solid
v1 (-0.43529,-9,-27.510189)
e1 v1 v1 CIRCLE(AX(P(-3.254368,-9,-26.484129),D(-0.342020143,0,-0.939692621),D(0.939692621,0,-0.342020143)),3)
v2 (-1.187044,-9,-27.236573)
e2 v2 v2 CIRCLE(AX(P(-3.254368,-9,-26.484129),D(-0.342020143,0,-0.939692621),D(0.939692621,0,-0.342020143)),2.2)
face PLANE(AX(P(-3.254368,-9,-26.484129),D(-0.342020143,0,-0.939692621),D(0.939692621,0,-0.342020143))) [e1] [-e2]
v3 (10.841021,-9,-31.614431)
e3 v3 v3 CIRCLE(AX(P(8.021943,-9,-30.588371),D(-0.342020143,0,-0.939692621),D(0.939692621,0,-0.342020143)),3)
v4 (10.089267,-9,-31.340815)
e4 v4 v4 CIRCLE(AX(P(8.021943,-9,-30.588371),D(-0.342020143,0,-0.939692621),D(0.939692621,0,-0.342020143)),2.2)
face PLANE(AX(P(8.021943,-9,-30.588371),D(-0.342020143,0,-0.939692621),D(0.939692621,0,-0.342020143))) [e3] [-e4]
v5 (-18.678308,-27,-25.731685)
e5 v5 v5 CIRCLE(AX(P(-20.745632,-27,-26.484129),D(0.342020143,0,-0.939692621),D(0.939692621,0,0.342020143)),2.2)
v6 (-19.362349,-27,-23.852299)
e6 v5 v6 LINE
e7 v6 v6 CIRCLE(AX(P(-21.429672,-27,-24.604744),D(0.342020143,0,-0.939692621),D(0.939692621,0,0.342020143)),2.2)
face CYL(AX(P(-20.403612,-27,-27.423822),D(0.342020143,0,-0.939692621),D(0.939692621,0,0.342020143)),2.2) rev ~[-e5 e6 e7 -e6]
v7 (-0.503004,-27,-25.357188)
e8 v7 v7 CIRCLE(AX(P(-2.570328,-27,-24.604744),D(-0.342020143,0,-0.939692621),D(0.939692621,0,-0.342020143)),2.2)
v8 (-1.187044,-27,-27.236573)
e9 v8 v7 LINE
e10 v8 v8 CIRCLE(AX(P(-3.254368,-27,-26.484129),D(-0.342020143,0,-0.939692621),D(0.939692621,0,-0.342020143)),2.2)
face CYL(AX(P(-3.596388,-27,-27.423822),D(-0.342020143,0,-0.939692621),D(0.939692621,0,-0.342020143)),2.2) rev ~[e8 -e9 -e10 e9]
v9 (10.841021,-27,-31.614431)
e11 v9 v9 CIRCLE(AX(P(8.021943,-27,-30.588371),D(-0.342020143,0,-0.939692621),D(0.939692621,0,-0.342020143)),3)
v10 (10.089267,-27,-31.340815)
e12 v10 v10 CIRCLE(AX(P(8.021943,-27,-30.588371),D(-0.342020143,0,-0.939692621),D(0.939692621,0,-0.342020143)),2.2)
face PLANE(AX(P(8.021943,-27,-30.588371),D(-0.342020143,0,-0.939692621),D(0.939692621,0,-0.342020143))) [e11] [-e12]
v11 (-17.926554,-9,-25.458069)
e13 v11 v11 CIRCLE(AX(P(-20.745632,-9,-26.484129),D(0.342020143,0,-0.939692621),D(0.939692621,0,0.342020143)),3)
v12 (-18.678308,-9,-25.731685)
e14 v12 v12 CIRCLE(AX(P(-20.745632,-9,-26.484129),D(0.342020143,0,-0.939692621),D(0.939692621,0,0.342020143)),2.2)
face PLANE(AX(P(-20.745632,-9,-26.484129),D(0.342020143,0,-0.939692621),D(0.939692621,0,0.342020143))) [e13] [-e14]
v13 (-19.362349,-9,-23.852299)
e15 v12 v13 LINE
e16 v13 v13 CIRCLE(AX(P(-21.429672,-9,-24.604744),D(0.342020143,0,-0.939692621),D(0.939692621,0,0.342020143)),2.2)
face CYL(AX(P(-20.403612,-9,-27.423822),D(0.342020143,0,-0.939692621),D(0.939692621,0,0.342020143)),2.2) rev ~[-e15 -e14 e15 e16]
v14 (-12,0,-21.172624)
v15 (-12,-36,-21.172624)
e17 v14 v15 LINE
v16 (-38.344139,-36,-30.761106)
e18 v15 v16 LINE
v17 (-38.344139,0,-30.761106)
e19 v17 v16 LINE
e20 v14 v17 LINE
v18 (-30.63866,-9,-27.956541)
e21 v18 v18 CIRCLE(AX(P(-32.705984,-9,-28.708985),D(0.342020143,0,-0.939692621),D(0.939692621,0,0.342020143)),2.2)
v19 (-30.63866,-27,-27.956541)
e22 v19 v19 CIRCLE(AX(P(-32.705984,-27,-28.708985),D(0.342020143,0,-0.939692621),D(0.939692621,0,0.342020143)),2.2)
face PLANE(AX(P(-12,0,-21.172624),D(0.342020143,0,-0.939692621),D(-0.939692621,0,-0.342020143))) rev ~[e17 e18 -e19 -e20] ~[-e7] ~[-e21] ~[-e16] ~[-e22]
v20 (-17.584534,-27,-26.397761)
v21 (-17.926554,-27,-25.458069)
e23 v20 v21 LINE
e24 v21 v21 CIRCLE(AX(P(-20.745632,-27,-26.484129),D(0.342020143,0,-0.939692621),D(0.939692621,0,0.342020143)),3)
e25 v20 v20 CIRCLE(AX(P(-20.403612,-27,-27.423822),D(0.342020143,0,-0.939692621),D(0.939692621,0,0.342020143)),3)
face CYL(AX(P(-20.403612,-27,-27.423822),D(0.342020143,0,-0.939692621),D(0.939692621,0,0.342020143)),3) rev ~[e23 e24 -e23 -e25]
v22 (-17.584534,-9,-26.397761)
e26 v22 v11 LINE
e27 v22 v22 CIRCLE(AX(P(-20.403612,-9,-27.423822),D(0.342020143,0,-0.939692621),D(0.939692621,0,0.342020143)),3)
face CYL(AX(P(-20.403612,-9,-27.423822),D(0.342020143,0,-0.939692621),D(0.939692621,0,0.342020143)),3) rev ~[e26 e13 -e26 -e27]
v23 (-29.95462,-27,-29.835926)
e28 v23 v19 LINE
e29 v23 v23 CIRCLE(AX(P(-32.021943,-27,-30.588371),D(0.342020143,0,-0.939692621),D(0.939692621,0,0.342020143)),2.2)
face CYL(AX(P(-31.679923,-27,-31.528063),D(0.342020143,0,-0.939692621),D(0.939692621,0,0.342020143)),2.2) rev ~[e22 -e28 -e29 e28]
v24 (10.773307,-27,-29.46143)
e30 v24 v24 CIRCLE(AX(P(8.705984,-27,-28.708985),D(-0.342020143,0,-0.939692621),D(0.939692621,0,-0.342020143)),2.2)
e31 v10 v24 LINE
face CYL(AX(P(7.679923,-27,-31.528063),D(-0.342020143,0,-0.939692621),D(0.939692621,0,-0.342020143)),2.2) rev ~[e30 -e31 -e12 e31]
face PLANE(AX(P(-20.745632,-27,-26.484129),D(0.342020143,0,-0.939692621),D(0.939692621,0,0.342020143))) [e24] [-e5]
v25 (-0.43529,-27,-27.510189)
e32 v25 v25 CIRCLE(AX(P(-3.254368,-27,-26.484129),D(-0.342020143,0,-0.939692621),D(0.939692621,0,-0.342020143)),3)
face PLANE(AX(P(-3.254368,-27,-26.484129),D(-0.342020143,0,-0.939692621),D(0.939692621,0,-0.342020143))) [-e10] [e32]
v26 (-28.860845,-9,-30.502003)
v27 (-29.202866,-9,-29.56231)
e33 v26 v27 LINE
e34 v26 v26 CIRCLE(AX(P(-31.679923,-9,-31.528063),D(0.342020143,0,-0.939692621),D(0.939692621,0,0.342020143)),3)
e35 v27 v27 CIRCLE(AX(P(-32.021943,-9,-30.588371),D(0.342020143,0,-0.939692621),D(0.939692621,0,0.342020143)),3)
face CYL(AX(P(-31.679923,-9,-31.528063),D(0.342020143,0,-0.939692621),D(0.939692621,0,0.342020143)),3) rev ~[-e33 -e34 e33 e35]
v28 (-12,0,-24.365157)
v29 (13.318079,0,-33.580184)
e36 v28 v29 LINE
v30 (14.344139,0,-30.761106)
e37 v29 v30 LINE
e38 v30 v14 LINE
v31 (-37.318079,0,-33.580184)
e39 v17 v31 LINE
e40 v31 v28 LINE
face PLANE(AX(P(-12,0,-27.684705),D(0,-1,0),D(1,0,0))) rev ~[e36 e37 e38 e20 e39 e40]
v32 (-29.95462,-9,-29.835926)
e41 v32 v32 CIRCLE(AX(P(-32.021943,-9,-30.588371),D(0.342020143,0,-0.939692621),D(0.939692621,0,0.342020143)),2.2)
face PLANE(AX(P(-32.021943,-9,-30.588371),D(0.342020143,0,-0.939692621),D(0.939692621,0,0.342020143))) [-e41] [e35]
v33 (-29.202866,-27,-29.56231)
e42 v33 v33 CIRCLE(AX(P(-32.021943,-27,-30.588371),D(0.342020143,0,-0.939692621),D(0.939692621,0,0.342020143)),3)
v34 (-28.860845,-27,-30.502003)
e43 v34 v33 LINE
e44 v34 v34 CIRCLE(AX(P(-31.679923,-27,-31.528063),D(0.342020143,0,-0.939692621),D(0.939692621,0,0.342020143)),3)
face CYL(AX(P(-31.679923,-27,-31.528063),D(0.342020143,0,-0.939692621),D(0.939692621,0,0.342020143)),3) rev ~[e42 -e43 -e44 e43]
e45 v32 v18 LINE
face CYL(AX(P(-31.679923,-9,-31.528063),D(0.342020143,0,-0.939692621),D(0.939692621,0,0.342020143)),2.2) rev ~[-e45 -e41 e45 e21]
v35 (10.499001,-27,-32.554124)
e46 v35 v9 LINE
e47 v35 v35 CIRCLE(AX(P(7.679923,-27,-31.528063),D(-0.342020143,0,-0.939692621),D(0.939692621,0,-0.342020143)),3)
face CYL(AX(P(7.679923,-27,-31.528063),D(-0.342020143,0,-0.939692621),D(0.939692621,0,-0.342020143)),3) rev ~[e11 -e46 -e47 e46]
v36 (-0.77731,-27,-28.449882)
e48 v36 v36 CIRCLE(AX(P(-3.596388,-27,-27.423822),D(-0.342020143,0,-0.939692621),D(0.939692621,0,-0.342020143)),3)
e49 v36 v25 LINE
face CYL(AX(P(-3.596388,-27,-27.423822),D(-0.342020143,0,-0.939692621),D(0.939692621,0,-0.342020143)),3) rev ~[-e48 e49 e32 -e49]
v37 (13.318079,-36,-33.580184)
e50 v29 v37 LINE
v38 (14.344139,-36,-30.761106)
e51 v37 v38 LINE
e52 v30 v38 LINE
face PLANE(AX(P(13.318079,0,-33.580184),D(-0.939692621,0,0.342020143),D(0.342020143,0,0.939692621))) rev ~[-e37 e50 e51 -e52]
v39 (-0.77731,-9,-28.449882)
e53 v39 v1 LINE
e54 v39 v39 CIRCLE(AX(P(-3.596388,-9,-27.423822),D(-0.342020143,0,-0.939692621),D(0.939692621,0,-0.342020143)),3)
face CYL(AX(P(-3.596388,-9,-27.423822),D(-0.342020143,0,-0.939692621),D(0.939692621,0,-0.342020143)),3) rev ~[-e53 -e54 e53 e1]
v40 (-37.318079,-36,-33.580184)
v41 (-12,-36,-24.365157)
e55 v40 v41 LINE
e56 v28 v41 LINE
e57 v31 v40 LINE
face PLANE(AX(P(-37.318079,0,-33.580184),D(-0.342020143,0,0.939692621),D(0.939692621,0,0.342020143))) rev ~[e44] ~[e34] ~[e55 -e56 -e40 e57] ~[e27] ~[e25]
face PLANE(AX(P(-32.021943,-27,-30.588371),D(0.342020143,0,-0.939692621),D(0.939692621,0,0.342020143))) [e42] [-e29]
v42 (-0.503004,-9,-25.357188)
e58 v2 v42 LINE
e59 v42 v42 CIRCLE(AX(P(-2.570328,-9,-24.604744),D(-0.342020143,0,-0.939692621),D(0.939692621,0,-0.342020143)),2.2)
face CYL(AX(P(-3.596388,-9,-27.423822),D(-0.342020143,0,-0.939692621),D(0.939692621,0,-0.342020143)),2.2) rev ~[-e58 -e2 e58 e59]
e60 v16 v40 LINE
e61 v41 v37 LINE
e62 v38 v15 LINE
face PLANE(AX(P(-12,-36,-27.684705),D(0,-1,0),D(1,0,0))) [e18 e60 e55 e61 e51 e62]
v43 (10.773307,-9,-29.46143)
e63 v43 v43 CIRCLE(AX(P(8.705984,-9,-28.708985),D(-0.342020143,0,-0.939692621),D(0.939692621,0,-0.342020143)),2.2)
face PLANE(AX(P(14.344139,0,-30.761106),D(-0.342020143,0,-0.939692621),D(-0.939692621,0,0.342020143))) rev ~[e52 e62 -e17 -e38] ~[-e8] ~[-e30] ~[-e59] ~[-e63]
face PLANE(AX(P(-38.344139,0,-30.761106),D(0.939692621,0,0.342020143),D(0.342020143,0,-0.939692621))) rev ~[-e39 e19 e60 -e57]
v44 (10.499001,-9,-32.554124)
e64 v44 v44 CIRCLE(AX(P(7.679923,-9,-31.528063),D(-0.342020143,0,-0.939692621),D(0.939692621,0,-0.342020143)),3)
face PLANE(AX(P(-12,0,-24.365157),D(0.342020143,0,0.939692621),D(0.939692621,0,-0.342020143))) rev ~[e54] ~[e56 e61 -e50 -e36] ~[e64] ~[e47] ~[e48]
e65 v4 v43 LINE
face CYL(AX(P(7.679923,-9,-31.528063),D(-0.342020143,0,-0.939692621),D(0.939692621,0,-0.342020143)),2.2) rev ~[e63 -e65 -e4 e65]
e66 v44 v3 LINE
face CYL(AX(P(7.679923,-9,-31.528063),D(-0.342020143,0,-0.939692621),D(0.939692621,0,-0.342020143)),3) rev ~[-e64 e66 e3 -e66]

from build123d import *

# Parameters (mm, degrees)
F1_DEPTH = 36
F2_R     = 2.2
F3_DEPTH = 12.0112263536
F2_R_2   = 3
F4_DEPTH = 1
F5_R     = 2.2
F6_DEPTH = 12.0112263536
F5_R_2   = 3
F7_DEPTH = 1


with BuildPart() as f1:
    # F0 (on Front) → F1 (new body)
    with BuildSketch(Plane.XZ):
        Polygon((-12, -21.1726237282), (-38.344139459, -30.7611063387), (-37.3180790291, -33.580184201), (-12, -24.3651570457), (13.3180790291, -33.580184201), (14.344139459, -30.7611063387), align=None)
    extrude(amount=F1_DEPTH)

    # F2 (on face) → F3 (cut, through all)
    with BuildSketch(Plane(origin=(6.4270771872, 0, -17.658249445), x_dir=(0.9396926208, 0, 0.3420201433), z_dir=(0.3420201433, 0, -0.9396926208))):
        with Locations((-40.5526228989, 27)):
            Circle(F2_R)
        with Locations((-28.5526228989, 27)):
            Circle(F2_R)
        with Locations((-28.5526228989, 9)):
            Circle(F2_R)
        with Locations((-40.5526228989, 9)):
            Circle(F2_R)
    extrude(amount=-F3_DEPTH, mode=Mode.SUBTRACT)

    # F2 (on face) → F4 (cut)
    with BuildSketch(Plane(origin=(6.4270771872, 0, -17.658249445), x_dir=(0.9396926208, 0, 0.3420201433), z_dir=(0.3420201433, 0, -0.9396926208))):
        with Locations((-40.5526228989, 27)):
            Circle(F2_R_2)
        with Locations((-40.5526228989, 27)):
            Circle(F2_R, mode=Mode.SUBTRACT)
        with Locations((-40.5526228989, 9)):
            Circle(F2_R_2)
        with Locations((-40.5526228989, 9)):
            Circle(F2_R, mode=Mode.SUBTRACT)
        with Locations((-28.5526228989, 9)):
            Circle(F2_R_2)
        with Locations((-28.5526228989, 9)):
            Circle(F2_R, mode=Mode.SUBTRACT)
        with Locations((-28.5526228989, 27)):
            Circle(F2_R_2)
        with Locations((-28.5526228989, 27)):
            Circle(F2_R, mode=Mode.SUBTRACT)
    extrude(amount=-F4_DEPTH, mode=Mode.SUBTRACT)

    # F5 (on face) → F6 (cut, through all)
    with BuildSketch(Plane(origin=(-9.2345438698, 0, -25.3717007612), x_dir=(0.9396926208, 0, -0.3420201433), z_dir=(-0.3420201433, 0, -0.9396926208))):
        with Locations((6, 27)):
            Circle(F5_R)
        with Locations((18, 27)):
            Circle(F5_R)
        with Locations((6, 9)):
            Circle(F5_R)
        with Locations((18, 9)):
            Circle(F5_R)
    extrude(amount=-F6_DEPTH, mode=Mode.SUBTRACT)

    # F5 (on face) → F7 (cut)
    with BuildSketch(Plane(origin=(-9.2345438698, 0, -25.3717007612), x_dir=(0.9396926208, 0, -0.3420201433), z_dir=(-0.3420201433, 0, -0.9396926208))):
        with Locations((6, 27)):
            Circle(F5_R_2)
        with Locations((6, 27)):
            Circle(F5_R, mode=Mode.SUBTRACT)
        with Locations((18, 27)):
            Circle(F5_R_2)
        with Locations((18, 27)):
            Circle(F5_R, mode=Mode.SUBTRACT)
        with Locations((18, 9)):
            Circle(F5_R_2)
        with Locations((18, 9)):
            Circle(F5_R, mode=Mode.SUBTRACT)
        with Locations((6, 9)):
            Circle(F5_R_2)
        with Locations((6, 9)):
            Circle(F5_R, mode=Mode.SUBTRACT)
    extrude(amount=-F7_DEPTH, mode=Mode.SUBTRACT)


solid = f1.part
